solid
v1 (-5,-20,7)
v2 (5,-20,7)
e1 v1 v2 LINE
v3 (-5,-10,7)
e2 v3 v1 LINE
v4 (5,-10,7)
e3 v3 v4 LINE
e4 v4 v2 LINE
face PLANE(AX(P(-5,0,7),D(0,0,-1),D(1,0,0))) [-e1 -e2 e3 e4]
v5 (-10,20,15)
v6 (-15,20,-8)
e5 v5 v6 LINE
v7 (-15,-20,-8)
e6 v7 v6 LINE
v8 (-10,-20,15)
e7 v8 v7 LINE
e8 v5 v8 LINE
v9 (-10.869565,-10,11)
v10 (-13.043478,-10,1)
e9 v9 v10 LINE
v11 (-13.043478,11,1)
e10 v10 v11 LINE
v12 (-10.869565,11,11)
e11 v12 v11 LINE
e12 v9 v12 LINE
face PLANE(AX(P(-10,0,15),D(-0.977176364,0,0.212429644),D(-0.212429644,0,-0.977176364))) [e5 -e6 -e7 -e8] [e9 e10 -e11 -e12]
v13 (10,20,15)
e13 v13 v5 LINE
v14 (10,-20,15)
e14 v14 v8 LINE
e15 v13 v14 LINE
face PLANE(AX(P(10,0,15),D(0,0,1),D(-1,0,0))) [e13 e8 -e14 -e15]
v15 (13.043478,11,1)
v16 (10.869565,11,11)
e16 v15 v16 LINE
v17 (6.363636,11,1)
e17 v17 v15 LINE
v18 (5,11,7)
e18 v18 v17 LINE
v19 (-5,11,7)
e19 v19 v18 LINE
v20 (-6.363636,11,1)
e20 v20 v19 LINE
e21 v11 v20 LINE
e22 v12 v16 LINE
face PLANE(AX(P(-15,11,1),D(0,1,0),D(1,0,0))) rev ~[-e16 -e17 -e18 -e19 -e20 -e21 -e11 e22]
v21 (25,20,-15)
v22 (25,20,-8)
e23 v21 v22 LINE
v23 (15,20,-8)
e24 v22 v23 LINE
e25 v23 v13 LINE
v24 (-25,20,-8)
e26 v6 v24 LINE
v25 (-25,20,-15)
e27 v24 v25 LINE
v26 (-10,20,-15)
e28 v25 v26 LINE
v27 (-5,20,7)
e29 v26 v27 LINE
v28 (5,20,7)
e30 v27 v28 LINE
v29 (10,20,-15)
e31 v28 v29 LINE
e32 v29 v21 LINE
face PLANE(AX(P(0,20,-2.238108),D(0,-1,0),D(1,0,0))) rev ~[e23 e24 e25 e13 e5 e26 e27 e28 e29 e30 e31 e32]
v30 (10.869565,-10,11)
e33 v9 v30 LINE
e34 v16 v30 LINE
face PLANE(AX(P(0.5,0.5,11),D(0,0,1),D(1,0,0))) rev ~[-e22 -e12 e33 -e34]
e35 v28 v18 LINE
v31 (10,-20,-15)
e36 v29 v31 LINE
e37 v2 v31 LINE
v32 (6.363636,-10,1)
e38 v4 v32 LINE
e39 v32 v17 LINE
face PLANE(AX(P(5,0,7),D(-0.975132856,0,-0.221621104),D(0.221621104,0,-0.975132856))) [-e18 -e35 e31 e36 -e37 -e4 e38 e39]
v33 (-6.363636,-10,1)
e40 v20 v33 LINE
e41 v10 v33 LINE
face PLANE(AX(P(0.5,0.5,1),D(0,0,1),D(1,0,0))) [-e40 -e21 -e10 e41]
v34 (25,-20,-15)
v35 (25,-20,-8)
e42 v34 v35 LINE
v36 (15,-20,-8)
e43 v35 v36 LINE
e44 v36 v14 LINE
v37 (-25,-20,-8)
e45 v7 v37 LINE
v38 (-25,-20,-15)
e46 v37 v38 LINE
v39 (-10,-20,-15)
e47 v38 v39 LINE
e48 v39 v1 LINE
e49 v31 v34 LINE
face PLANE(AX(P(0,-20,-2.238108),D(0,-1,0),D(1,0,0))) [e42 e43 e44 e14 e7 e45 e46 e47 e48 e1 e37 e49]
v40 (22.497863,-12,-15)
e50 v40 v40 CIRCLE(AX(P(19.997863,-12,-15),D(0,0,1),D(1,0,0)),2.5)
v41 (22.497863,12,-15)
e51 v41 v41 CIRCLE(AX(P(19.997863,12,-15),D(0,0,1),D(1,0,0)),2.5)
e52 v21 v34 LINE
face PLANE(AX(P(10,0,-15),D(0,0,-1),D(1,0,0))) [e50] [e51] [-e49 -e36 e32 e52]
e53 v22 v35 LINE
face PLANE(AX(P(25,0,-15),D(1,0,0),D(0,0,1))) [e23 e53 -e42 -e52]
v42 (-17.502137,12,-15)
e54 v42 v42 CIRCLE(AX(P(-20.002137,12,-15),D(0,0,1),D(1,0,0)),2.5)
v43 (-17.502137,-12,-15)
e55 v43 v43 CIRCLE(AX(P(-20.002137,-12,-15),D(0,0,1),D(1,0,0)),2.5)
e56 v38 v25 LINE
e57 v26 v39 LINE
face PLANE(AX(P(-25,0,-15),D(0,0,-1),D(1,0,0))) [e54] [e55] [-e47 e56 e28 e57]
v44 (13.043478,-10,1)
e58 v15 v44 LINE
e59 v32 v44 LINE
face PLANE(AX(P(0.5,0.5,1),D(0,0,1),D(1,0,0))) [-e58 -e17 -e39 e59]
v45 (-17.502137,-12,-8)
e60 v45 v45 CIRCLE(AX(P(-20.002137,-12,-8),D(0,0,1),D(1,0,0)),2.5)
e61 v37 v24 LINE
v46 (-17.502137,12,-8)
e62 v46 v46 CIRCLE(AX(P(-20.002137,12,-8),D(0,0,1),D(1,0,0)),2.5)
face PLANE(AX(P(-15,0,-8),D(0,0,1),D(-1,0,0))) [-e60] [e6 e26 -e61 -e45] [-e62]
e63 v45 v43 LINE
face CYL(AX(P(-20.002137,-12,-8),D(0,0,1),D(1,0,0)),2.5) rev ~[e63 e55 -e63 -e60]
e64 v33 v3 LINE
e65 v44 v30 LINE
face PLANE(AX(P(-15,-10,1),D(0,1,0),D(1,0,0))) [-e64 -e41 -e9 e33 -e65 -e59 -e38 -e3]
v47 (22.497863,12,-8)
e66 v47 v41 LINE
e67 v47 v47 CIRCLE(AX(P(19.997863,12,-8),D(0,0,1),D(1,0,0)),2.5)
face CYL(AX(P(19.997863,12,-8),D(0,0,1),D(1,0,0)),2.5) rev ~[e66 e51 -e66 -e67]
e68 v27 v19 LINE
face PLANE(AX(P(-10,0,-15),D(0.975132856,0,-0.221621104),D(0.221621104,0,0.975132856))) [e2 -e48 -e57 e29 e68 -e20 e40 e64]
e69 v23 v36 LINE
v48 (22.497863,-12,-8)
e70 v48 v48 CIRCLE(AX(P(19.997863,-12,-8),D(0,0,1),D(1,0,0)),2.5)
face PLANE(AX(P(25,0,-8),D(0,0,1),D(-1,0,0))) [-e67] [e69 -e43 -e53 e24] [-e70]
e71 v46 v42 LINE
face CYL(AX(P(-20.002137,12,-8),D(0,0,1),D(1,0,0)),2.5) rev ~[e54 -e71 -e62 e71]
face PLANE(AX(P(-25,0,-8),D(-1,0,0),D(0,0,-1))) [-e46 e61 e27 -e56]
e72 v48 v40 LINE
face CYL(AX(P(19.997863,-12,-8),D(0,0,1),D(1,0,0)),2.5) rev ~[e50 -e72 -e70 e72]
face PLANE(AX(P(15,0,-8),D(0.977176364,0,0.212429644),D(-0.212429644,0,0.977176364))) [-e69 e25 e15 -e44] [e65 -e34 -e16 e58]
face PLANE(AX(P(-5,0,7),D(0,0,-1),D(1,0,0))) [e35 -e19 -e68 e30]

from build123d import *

# Parameters (mm, degrees)
BOX_W        = 31
BOX_H        = 21
BOX_DEPTH    = 10
PAD_DEPTH    = 20
SKETCH002_R  = 2.5
POCKET_DEPTH = 7.001


with BuildPart() as cubo:
    # Box → Box (new body)
    with BuildSketch(Plane(origin=(-15, -10, 1), x_dir=(1, 0, 0), z_dir=(0, 0, 1))):
        with Locations((15.5, 10.5)):
            Rectangle(BOX_W, BOX_H)
    extrude(amount=BOX_DEPTH)


with BuildPart() as pocket:
    # Sketch → Pad (new body, symmetric)
    with BuildSketch(Plane.XZ):
        Polygon((-25, -15), (-10, -15), (-5, 7), (5, 7), (10, -15), (25, -15), (25, -8), (15, -8), (10, 15), (-10, 15), (-15, -8), (-25, -8), align=None)
    extrude(amount=PAD_DEPTH, both=True)

    # Cut: cut Cubo
    add(cubo.part, mode=Mode.SUBTRACT)

    # Sketch002 → Pocket (cut, through all)
    with BuildSketch(Plane.XY.offset(-8)):
        with Locations((-20.002137, 12)):
            Circle(SKETCH002_R)
        with Locations((-20.002137, -12)):
            Circle(SKETCH002_R)
        with Locations((19.997863, 12)):
            Circle(SKETCH002_R)
        with Locations((19.997863, -12)):
            Circle(SKETCH002_R)
    extrude(amount=-POCKET_DEPTH, mode=Mode.SUBTRACT)


solid = pocket.part
